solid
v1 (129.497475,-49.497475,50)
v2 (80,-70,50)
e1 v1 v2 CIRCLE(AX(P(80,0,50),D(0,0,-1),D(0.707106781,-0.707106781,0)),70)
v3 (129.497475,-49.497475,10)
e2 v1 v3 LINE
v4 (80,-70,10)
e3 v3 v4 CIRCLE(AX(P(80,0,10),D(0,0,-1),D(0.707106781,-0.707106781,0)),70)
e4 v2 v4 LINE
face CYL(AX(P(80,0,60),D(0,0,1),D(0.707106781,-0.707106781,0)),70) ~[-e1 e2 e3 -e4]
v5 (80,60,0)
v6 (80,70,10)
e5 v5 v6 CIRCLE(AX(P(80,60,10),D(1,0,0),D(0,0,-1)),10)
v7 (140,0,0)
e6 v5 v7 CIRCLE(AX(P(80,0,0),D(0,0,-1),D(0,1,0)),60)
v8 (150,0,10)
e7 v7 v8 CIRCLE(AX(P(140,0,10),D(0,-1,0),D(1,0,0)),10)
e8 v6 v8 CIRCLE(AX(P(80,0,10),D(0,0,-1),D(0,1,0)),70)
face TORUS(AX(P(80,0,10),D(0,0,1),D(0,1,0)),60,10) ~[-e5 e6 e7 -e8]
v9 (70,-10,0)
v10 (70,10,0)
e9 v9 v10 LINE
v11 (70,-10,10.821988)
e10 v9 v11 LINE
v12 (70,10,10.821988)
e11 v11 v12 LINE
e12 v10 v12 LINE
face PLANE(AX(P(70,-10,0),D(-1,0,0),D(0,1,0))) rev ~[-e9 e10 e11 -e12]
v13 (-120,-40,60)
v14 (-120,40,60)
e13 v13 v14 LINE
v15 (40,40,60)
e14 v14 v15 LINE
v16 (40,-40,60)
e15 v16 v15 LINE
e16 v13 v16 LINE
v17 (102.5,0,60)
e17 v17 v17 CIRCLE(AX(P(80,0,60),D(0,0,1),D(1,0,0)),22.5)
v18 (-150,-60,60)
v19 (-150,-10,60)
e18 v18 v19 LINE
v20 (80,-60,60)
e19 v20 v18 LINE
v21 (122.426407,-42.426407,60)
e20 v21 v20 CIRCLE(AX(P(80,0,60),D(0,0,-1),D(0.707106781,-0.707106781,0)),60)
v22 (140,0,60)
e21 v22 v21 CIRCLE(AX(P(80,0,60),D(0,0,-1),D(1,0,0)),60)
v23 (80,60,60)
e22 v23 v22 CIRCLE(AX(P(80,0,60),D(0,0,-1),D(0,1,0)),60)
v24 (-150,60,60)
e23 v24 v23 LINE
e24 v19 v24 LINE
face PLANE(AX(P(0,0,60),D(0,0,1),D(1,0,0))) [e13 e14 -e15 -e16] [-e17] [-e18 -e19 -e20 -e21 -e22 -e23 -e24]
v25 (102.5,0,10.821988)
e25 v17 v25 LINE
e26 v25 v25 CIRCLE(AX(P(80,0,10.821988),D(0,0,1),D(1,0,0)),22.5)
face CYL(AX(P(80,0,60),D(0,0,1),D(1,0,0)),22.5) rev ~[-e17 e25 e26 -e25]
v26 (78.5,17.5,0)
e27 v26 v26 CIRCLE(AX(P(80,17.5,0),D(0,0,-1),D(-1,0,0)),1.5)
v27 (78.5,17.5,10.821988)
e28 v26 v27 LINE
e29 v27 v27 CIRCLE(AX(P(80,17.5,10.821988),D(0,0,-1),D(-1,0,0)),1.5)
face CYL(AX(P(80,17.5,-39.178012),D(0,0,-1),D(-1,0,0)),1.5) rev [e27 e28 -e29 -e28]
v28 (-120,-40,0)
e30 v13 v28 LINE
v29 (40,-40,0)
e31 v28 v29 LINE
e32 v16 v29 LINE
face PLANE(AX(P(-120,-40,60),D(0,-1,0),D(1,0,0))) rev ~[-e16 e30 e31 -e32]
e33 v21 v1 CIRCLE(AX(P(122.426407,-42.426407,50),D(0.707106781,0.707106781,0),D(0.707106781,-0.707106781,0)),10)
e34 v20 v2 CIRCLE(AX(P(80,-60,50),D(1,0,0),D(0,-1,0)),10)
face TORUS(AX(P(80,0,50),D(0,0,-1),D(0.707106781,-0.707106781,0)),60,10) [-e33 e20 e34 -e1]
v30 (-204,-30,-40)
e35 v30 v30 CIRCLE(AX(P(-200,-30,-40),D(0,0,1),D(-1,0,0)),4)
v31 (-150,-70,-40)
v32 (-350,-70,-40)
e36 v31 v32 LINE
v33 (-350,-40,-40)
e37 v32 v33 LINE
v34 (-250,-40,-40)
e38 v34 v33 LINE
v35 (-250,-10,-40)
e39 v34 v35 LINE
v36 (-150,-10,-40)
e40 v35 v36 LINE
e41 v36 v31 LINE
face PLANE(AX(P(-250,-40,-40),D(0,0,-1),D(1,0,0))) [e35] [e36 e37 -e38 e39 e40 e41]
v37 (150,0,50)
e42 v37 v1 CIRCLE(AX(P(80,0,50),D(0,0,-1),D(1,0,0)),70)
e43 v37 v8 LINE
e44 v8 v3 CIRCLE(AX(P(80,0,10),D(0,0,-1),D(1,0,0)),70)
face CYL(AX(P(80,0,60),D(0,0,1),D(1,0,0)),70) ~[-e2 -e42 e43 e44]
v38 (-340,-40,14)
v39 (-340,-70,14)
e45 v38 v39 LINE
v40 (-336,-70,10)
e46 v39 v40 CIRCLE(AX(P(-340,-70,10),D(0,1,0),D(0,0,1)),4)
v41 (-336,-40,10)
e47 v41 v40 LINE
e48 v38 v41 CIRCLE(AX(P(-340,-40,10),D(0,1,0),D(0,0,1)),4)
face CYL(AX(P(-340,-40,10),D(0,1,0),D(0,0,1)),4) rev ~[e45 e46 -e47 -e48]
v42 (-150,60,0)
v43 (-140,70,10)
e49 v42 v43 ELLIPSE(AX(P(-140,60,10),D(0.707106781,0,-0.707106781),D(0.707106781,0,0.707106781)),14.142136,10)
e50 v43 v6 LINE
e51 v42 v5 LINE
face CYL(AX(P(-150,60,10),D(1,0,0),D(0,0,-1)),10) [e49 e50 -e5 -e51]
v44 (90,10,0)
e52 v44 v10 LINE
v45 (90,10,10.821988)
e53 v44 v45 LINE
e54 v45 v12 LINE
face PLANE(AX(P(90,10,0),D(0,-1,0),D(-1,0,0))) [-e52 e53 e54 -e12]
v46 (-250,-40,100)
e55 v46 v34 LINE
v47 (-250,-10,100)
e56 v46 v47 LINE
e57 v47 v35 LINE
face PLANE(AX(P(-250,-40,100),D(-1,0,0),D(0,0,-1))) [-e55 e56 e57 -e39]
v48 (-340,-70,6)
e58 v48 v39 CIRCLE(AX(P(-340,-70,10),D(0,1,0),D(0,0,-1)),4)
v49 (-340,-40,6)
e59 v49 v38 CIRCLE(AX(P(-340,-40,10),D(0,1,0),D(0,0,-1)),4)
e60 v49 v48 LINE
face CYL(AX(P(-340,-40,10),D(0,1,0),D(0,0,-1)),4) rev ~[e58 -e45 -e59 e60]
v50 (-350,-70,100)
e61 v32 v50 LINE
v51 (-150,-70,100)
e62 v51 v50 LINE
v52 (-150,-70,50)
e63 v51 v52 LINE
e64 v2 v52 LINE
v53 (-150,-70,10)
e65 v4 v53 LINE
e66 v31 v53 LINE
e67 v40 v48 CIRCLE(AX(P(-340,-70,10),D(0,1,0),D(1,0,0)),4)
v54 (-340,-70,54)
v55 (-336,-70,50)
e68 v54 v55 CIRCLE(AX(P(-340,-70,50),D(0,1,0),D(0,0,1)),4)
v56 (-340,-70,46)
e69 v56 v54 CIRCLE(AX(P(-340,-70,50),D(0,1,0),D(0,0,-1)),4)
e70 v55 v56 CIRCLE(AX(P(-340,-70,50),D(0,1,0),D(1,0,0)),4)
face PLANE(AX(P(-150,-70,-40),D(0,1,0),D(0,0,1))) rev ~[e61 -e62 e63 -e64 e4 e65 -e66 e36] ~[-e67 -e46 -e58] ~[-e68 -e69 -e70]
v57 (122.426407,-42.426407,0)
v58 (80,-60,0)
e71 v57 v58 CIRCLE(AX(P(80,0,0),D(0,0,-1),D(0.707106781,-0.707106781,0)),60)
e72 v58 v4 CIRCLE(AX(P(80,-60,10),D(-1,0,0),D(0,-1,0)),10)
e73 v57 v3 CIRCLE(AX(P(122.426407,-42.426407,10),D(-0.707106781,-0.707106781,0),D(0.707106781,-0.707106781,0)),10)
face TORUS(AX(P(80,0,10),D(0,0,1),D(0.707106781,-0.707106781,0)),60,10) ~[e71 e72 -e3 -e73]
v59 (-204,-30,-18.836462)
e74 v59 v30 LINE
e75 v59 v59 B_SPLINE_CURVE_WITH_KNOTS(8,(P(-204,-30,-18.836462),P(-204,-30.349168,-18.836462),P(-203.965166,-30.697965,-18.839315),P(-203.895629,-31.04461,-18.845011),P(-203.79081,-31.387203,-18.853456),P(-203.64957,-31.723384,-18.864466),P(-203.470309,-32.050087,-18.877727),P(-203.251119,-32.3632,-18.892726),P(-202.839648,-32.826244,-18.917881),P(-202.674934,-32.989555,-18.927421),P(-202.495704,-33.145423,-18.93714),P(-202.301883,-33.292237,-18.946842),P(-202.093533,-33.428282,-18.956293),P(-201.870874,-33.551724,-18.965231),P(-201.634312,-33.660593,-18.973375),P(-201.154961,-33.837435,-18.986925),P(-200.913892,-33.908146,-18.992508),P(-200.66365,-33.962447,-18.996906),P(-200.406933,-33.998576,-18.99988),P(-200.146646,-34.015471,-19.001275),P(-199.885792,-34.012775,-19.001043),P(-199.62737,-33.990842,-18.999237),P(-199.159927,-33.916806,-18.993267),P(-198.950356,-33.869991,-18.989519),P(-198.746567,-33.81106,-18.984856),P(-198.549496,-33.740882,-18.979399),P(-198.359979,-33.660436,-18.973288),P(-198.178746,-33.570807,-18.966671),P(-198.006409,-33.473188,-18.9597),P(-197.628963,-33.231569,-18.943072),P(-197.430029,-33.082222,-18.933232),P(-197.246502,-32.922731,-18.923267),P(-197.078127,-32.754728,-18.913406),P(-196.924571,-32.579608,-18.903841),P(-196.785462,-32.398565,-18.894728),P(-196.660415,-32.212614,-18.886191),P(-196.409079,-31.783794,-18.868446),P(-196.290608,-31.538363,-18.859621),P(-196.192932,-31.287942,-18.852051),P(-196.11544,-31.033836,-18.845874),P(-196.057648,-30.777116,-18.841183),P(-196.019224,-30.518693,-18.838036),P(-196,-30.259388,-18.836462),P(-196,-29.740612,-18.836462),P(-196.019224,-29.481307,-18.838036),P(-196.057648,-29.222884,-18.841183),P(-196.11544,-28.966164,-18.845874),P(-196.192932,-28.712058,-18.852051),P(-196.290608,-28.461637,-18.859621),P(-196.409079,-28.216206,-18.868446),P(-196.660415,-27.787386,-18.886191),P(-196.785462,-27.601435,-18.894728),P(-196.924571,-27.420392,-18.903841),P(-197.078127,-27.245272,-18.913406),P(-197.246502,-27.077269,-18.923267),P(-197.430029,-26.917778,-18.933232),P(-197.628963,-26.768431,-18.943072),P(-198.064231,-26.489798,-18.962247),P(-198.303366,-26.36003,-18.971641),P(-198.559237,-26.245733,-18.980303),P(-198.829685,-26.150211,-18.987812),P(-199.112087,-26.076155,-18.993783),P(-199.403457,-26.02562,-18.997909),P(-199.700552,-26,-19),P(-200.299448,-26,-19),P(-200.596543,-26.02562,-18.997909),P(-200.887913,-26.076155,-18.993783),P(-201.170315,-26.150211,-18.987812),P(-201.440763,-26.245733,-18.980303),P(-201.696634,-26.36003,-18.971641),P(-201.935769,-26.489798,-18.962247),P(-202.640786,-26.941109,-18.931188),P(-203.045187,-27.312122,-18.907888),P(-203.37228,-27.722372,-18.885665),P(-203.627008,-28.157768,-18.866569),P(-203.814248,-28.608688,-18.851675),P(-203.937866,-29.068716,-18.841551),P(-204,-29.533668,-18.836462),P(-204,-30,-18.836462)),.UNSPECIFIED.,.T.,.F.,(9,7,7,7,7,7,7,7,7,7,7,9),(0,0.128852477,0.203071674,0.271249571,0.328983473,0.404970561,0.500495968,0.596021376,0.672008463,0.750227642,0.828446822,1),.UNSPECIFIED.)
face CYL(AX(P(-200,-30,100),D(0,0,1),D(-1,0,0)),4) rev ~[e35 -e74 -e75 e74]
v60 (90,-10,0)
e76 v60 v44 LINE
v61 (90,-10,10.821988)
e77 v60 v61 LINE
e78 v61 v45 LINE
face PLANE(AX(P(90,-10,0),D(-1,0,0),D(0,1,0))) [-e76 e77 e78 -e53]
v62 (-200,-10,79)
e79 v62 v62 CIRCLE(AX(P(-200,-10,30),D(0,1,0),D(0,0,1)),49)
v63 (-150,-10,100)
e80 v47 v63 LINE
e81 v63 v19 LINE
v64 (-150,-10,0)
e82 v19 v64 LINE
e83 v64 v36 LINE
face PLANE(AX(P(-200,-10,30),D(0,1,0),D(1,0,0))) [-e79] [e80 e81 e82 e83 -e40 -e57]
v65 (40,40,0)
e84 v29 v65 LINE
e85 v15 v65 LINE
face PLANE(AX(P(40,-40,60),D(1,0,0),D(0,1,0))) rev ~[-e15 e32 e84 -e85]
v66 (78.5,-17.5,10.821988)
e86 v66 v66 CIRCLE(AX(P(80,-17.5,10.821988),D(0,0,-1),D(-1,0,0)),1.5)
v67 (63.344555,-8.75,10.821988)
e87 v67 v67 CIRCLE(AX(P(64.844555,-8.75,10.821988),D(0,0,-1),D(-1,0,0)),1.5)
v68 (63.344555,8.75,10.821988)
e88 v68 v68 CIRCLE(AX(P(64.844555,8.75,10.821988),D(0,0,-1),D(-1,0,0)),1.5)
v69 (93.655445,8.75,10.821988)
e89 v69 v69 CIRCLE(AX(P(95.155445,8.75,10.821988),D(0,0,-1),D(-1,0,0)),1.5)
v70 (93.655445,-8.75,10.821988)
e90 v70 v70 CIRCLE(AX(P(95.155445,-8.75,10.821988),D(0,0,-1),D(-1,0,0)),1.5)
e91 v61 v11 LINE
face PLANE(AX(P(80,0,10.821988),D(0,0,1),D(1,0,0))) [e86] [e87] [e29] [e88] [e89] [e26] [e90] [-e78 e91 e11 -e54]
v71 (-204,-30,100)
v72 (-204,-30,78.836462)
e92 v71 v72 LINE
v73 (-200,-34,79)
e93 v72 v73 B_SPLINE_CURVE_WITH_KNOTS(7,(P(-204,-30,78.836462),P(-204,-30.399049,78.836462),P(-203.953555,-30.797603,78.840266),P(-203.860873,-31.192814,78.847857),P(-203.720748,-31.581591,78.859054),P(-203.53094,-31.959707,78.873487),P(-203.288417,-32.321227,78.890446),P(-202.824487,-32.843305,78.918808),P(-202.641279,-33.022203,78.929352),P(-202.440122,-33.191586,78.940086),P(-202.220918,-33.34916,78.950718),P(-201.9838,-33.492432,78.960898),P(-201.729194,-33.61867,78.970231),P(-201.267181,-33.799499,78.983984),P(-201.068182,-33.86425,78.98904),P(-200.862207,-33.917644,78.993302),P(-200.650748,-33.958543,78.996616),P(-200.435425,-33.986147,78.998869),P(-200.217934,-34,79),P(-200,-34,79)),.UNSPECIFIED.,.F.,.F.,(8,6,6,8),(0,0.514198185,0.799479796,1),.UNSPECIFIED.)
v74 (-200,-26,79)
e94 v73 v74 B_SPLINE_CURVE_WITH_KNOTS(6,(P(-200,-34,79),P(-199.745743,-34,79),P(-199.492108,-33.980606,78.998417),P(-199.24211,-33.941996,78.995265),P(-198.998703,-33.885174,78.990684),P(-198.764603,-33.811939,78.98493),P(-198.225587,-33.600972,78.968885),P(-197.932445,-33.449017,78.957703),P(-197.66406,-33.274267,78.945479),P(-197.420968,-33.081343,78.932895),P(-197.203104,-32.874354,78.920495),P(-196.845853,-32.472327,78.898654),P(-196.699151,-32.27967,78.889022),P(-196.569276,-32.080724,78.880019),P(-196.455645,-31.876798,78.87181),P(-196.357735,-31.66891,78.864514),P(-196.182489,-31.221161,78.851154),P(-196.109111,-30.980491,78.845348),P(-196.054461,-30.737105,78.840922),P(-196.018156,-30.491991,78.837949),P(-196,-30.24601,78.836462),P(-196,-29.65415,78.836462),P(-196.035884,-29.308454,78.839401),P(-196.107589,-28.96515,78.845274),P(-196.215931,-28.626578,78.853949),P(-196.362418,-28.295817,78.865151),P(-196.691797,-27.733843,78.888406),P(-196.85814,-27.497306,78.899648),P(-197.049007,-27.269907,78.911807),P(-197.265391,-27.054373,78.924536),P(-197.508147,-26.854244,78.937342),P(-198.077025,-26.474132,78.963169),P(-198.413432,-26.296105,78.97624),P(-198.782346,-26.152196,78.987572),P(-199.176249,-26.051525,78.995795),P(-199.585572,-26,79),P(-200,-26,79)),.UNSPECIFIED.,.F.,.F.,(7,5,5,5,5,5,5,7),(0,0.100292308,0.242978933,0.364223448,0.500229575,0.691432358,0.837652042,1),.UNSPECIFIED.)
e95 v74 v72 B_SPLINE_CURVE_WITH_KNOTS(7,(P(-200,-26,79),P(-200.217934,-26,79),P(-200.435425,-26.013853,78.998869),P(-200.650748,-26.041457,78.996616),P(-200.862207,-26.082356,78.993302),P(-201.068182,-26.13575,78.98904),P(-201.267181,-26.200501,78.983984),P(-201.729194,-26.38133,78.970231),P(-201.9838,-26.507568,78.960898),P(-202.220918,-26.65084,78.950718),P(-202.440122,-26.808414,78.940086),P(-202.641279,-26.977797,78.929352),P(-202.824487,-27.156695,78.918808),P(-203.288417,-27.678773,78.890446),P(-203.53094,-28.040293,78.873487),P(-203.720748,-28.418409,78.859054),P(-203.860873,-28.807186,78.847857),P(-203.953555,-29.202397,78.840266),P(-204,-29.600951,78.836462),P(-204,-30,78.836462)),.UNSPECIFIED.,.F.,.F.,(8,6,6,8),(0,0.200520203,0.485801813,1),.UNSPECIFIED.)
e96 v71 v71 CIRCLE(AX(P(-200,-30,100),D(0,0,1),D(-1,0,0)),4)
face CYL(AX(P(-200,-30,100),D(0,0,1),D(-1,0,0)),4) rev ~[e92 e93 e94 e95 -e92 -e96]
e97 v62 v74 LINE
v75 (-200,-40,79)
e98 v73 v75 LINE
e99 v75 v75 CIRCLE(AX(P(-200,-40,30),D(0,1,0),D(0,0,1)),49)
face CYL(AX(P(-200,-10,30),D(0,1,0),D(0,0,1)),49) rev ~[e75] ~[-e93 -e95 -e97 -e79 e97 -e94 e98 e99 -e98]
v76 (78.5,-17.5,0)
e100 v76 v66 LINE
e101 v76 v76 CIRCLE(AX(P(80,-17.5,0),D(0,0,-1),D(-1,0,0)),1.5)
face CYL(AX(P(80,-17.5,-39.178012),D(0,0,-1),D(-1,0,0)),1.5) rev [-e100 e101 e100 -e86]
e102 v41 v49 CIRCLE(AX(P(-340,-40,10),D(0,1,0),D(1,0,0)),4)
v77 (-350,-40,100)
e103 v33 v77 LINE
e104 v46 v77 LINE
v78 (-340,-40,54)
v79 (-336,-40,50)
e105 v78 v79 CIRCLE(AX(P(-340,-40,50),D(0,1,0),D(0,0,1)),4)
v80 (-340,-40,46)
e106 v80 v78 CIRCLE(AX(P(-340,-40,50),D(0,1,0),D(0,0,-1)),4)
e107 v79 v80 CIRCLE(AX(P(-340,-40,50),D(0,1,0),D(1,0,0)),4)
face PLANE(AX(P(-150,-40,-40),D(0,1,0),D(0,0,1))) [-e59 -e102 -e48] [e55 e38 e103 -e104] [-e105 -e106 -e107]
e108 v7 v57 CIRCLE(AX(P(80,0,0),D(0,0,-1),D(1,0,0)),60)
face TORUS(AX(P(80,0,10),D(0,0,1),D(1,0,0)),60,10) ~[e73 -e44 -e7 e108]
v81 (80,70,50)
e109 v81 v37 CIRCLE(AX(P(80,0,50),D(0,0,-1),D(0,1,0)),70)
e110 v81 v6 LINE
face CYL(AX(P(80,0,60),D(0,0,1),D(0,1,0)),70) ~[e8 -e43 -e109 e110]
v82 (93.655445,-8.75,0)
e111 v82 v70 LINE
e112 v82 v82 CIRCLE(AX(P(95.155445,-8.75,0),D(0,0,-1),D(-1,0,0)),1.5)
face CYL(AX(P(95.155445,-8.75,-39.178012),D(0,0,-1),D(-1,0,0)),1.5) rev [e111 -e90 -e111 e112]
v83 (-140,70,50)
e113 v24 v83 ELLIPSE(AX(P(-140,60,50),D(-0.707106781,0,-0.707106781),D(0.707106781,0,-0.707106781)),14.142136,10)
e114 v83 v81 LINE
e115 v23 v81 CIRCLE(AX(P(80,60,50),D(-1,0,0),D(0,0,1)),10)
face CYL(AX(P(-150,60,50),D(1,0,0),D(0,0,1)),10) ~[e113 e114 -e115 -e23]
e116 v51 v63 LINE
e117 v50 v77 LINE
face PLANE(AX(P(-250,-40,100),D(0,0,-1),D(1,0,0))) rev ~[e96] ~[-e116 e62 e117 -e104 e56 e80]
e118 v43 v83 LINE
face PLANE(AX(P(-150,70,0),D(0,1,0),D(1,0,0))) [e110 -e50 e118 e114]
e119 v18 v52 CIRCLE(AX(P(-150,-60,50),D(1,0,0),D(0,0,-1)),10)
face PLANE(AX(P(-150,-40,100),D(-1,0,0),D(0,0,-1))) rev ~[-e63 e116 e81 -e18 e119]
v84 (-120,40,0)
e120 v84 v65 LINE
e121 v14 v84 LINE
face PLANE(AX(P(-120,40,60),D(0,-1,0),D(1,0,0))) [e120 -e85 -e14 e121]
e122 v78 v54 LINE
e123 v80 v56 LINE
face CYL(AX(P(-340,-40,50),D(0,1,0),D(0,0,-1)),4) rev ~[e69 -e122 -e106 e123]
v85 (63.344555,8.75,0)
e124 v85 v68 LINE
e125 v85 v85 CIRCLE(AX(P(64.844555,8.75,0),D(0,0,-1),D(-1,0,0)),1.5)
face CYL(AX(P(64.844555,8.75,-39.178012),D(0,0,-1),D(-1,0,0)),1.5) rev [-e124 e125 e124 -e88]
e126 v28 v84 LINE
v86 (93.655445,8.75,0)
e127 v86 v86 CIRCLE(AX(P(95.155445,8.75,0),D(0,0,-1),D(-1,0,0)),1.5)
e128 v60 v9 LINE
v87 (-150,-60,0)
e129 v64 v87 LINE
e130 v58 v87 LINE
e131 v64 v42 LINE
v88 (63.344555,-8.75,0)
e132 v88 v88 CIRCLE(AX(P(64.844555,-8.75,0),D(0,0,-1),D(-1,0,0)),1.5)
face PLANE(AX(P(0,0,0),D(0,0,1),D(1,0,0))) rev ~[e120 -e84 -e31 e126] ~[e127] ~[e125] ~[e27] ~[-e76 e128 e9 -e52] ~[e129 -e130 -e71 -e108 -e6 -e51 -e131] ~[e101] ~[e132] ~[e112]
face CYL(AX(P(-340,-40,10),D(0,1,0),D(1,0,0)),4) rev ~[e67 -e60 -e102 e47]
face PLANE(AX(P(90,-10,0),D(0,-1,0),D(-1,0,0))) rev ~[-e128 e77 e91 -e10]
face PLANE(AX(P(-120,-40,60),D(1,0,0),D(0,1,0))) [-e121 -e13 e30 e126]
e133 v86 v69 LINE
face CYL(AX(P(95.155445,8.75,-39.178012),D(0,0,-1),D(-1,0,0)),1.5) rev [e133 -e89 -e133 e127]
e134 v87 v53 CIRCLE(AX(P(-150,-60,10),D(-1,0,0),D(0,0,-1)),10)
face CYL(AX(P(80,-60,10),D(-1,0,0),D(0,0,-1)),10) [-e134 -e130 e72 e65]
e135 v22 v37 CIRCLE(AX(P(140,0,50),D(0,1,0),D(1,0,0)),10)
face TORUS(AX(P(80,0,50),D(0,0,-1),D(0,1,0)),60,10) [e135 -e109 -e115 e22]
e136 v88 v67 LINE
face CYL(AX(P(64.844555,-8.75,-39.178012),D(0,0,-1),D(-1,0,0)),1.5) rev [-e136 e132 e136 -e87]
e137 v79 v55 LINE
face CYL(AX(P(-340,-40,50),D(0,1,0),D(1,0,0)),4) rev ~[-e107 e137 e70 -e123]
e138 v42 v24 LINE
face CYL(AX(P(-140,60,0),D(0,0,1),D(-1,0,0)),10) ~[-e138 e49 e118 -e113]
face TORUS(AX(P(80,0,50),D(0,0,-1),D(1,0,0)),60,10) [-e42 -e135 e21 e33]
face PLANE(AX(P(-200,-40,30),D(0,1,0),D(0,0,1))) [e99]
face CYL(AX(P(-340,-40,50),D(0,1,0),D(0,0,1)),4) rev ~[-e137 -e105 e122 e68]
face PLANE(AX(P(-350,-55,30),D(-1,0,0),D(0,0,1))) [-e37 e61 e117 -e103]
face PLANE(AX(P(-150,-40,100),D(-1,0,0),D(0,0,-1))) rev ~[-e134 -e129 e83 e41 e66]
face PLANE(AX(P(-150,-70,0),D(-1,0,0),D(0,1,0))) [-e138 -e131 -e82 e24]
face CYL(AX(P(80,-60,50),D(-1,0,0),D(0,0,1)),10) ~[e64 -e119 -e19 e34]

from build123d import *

# Parameters (mm, degrees)
SKETCH_1_W               = 300
SKETCH_1_H               = 140
EXTRUDE_1_DEPTH          = 60
CUT_EXTRUDE_1_DEPTH      = 60
SKETCH_4_W               = 160
SKETCH_4_H               = 80
CUT_EXTRUDE_2_DEPTH      = 177.068168617
SKETCH_5_W               = 20
SKETCH_5_H               = 20
CUT_EXTRUDE_3_DEPTH      = 177.068168617
SKETCH_12_W              = 140
SKETCH_12_H              = 30
EXTRUDE_2_DEPTH          = 200
SKETCH_13_W              = 100
SKETCH_13_H              = 140
EXTRUDE_3_DEPTH          = 30
SKETCH_14_R              = 49
CUT_EXTRUDE_4_DEPTH      = 30
CUT_EXTRUDE_5_DEPTH      = 30
FILLET_3_R               = 10
SKETCH_17_R              = 22.5
CUT_EXTRUDE_6_DEPTH      = 49.178012217
CUT_EXTRUDE_7_DEPTH      = 368.903136522
CUT_EXTRUDE_7_DEPTH_BACK = 50
SKETCH_18_R              = 1.5
CUT_EXTRUDE_8_DEPTH      = 384.405790254


with BuildPart() as part:
    # 草图1 → 凸台-拉伸1 (new body)
    with BuildSketch(Plane.XY):
        Rectangle(SKETCH_1_W, SKETCH_1_H)
    extrude(amount=EXTRUDE_1_DEPTH)

    # 草图2 → 切除-拉伸1 (cut)
    with BuildSketch(Plane.XY.offset(60)):
        with BuildLine():
            Line((150, 0), (150, 70))
            Line((150, 70), (80, 70))
            ThreePointArc((80, 70), (129.497474683, 49.497474683), (150, 0))
        make_face()
        with BuildLine():
            Line((80, -70), (150, -70))
            Line((150, -70), (129.497474683, -49.497474683))
            ThreePointArc((129.497474683, -49.497474683), (106.787840266, -64.671567276), (80, -70))
        make_face()
        with BuildLine():
            Line((150, -70), (150, 0))
            ThreePointArc((150, 0), (144.671567276, -26.787840266), (129.497474683, -49.497474683))
            Line((129.497474683, -49.497474683), (150, -70))
        make_face()
    extrude(amount=-CUT_EXTRUDE_1_DEPTH, mode=Mode.SUBTRACT)

    # 草图4 → 切除-拉伸2 (cut, through all)
    with BuildSketch(Plane.XY.offset(60)):
        with Locations((-40, 0)):
            Rectangle(SKETCH_4_W, SKETCH_4_H)
    extrude(amount=-CUT_EXTRUDE_2_DEPTH, mode=Mode.SUBTRACT)

    # 草图5 → 切除-拉伸3 (cut, through all)
    with BuildSketch(Plane(origin=(0, 0, 0), x_dir=(-1, 0, 0), z_dir=(0, 0, -1))):
        with Locations((-80, 0)):
            Rectangle(SKETCH_5_W, SKETCH_5_H)
    extrude(amount=-CUT_EXTRUDE_3_DEPTH, mode=Mode.SUBTRACT)

    # 草图12 → 凸台-拉伸2 (add)
    with BuildSketch(Plane.ZY.offset(150)):
        with Locations((30, -55)):
            Rectangle(SKETCH_12_W, SKETCH_12_H)
    extrude(amount=EXTRUDE_2_DEPTH)

    # 草图13 → 凸台-拉伸3 (add)
    with BuildSketch(Plane(origin=(0, -40, 0), x_dir=(1, 0, 0), z_dir=(0, 1, 0))):
        with Locations((-200, -30)):
            Rectangle(SKETCH_13_W, SKETCH_13_H)
    extrude(amount=EXTRUDE_3_DEPTH)

    # 草图14 → 切除-拉伸4 (cut)
    with BuildSketch(Plane(origin=(0, -10, 0), x_dir=(1, 0, 0), z_dir=(0, 1, 0))):
        with Locations(Location((-200, -30, 0), (0, 0, 270))):
            Circle(SKETCH_14_R)
    extrude(amount=-CUT_EXTRUDE_4_DEPTH, mode=Mode.SUBTRACT)

    # 草图15 → 切除-拉伸5 (cut)
    with BuildSketch(Plane(origin=(0, -40, 0), x_dir=(1, 0, 0), z_dir=(0, 1, 0))):
        with BuildLine():
            ThreePointArc((-336, -50), (-337.171572875, -47.171572875), (-340, -46))
            Line((-340, -46), (-340, -54))
            ThreePointArc((-340, -54), (-337.171572875, -52.828427125), (-336, -50))
        make_face()
        with BuildLine():
            Line((-340, -54), (-340, -46))
            ThreePointArc((-340, -46), (-344, -50), (-340, -54))
        make_face()
        with BuildLine():
            ThreePointArc((-336, -10), (-337.171572875, -7.171572875), (-340, -6))
            Line((-340, -6), (-340, -14))
            ThreePointArc((-340, -14), (-337.171572875, -12.828427125), (-336, -10))
        make_face()
        with BuildLine():
            Line((-340, -14), (-340, -6))
            ThreePointArc((-340, -6), (-344, -10), (-340, -14))
        make_face()
    extrude(amount=-CUT_EXTRUDE_5_DEPTH, mode=Mode.SUBTRACT)

    # 圆角3
    fillet_3_edges = [part.edges().sort_by_distance(p)[0] for p in [
        (-35, 70, 0),
        (-35, 70, 60),
        (-35, -70, 60),
        (150, 0, 60),
        (150, 0, 0),
        (-35, -70, 0),
        (-150, 70, 30),
    ]]
    fillet(fillet_3_edges, radius=FILLET_3_R)

    # 草图17 → 切除-拉伸6 (cut)
    with BuildSketch(Plane.XY.offset(60)):
        with Locations((80, 0)):
            Circle(SKETCH_17_R)
    extrude(amount=-CUT_EXTRUDE_6_DEPTH, mode=Mode.SUBTRACT)

    # 草图18 → 切除-拉伸7 (cut, two sides: drawn at the far end of the back side and taken through both)
    with BuildSketch(Plane.XY.offset(10.821987783).offset(-CUT_EXTRUDE_7_DEPTH_BACK)):
        with Locations(Location((80, 17.5, 0), (0, 0, 180))):
            Circle(SKETCH_18_R)
        with Locations(Location((95.155444566, 8.75, 0), (0, 0, 180))):
            Circle(SKETCH_18_R)
        with Locations(Location((95.155444566, -8.75, 0), (0, 0, 180))):
            Circle(SKETCH_18_R)
        with Locations(Location((80, -17.5, 0), (0, 0, 180))):
            Circle(SKETCH_18_R)
        with Locations(Location((64.844555434, -8.75, 0), (0, 0, 180))):
            Circle(SKETCH_18_R)
        with Locations(Location((64.844555434, 8.75, 0), (0, 0, 180))):
            Circle(SKETCH_18_R)
    extrude(amount=CUT_EXTRUDE_7_DEPTH + CUT_EXTRUDE_7_DEPTH_BACK, mode=Mode.SUBTRACT)

    # 草图19 → 切除-拉伸8 (cut, through all)
    with BuildSketch(Plane.XY.offset(100)):
        with BuildLine():
            ThreePointArc((-196, -30), (-200, -26), (-204, -30))
            Line((-204, -30), (-196, -30))
        make_face()
        with BuildLine():
            Line((-196, -30), (-204, -30))
            ThreePointArc((-204, -30), (-200, -34), (-196, -30))
        make_face()
    extrude(amount=-CUT_EXTRUDE_8_DEPTH, mode=Mode.SUBTRACT)


solid = part.part
